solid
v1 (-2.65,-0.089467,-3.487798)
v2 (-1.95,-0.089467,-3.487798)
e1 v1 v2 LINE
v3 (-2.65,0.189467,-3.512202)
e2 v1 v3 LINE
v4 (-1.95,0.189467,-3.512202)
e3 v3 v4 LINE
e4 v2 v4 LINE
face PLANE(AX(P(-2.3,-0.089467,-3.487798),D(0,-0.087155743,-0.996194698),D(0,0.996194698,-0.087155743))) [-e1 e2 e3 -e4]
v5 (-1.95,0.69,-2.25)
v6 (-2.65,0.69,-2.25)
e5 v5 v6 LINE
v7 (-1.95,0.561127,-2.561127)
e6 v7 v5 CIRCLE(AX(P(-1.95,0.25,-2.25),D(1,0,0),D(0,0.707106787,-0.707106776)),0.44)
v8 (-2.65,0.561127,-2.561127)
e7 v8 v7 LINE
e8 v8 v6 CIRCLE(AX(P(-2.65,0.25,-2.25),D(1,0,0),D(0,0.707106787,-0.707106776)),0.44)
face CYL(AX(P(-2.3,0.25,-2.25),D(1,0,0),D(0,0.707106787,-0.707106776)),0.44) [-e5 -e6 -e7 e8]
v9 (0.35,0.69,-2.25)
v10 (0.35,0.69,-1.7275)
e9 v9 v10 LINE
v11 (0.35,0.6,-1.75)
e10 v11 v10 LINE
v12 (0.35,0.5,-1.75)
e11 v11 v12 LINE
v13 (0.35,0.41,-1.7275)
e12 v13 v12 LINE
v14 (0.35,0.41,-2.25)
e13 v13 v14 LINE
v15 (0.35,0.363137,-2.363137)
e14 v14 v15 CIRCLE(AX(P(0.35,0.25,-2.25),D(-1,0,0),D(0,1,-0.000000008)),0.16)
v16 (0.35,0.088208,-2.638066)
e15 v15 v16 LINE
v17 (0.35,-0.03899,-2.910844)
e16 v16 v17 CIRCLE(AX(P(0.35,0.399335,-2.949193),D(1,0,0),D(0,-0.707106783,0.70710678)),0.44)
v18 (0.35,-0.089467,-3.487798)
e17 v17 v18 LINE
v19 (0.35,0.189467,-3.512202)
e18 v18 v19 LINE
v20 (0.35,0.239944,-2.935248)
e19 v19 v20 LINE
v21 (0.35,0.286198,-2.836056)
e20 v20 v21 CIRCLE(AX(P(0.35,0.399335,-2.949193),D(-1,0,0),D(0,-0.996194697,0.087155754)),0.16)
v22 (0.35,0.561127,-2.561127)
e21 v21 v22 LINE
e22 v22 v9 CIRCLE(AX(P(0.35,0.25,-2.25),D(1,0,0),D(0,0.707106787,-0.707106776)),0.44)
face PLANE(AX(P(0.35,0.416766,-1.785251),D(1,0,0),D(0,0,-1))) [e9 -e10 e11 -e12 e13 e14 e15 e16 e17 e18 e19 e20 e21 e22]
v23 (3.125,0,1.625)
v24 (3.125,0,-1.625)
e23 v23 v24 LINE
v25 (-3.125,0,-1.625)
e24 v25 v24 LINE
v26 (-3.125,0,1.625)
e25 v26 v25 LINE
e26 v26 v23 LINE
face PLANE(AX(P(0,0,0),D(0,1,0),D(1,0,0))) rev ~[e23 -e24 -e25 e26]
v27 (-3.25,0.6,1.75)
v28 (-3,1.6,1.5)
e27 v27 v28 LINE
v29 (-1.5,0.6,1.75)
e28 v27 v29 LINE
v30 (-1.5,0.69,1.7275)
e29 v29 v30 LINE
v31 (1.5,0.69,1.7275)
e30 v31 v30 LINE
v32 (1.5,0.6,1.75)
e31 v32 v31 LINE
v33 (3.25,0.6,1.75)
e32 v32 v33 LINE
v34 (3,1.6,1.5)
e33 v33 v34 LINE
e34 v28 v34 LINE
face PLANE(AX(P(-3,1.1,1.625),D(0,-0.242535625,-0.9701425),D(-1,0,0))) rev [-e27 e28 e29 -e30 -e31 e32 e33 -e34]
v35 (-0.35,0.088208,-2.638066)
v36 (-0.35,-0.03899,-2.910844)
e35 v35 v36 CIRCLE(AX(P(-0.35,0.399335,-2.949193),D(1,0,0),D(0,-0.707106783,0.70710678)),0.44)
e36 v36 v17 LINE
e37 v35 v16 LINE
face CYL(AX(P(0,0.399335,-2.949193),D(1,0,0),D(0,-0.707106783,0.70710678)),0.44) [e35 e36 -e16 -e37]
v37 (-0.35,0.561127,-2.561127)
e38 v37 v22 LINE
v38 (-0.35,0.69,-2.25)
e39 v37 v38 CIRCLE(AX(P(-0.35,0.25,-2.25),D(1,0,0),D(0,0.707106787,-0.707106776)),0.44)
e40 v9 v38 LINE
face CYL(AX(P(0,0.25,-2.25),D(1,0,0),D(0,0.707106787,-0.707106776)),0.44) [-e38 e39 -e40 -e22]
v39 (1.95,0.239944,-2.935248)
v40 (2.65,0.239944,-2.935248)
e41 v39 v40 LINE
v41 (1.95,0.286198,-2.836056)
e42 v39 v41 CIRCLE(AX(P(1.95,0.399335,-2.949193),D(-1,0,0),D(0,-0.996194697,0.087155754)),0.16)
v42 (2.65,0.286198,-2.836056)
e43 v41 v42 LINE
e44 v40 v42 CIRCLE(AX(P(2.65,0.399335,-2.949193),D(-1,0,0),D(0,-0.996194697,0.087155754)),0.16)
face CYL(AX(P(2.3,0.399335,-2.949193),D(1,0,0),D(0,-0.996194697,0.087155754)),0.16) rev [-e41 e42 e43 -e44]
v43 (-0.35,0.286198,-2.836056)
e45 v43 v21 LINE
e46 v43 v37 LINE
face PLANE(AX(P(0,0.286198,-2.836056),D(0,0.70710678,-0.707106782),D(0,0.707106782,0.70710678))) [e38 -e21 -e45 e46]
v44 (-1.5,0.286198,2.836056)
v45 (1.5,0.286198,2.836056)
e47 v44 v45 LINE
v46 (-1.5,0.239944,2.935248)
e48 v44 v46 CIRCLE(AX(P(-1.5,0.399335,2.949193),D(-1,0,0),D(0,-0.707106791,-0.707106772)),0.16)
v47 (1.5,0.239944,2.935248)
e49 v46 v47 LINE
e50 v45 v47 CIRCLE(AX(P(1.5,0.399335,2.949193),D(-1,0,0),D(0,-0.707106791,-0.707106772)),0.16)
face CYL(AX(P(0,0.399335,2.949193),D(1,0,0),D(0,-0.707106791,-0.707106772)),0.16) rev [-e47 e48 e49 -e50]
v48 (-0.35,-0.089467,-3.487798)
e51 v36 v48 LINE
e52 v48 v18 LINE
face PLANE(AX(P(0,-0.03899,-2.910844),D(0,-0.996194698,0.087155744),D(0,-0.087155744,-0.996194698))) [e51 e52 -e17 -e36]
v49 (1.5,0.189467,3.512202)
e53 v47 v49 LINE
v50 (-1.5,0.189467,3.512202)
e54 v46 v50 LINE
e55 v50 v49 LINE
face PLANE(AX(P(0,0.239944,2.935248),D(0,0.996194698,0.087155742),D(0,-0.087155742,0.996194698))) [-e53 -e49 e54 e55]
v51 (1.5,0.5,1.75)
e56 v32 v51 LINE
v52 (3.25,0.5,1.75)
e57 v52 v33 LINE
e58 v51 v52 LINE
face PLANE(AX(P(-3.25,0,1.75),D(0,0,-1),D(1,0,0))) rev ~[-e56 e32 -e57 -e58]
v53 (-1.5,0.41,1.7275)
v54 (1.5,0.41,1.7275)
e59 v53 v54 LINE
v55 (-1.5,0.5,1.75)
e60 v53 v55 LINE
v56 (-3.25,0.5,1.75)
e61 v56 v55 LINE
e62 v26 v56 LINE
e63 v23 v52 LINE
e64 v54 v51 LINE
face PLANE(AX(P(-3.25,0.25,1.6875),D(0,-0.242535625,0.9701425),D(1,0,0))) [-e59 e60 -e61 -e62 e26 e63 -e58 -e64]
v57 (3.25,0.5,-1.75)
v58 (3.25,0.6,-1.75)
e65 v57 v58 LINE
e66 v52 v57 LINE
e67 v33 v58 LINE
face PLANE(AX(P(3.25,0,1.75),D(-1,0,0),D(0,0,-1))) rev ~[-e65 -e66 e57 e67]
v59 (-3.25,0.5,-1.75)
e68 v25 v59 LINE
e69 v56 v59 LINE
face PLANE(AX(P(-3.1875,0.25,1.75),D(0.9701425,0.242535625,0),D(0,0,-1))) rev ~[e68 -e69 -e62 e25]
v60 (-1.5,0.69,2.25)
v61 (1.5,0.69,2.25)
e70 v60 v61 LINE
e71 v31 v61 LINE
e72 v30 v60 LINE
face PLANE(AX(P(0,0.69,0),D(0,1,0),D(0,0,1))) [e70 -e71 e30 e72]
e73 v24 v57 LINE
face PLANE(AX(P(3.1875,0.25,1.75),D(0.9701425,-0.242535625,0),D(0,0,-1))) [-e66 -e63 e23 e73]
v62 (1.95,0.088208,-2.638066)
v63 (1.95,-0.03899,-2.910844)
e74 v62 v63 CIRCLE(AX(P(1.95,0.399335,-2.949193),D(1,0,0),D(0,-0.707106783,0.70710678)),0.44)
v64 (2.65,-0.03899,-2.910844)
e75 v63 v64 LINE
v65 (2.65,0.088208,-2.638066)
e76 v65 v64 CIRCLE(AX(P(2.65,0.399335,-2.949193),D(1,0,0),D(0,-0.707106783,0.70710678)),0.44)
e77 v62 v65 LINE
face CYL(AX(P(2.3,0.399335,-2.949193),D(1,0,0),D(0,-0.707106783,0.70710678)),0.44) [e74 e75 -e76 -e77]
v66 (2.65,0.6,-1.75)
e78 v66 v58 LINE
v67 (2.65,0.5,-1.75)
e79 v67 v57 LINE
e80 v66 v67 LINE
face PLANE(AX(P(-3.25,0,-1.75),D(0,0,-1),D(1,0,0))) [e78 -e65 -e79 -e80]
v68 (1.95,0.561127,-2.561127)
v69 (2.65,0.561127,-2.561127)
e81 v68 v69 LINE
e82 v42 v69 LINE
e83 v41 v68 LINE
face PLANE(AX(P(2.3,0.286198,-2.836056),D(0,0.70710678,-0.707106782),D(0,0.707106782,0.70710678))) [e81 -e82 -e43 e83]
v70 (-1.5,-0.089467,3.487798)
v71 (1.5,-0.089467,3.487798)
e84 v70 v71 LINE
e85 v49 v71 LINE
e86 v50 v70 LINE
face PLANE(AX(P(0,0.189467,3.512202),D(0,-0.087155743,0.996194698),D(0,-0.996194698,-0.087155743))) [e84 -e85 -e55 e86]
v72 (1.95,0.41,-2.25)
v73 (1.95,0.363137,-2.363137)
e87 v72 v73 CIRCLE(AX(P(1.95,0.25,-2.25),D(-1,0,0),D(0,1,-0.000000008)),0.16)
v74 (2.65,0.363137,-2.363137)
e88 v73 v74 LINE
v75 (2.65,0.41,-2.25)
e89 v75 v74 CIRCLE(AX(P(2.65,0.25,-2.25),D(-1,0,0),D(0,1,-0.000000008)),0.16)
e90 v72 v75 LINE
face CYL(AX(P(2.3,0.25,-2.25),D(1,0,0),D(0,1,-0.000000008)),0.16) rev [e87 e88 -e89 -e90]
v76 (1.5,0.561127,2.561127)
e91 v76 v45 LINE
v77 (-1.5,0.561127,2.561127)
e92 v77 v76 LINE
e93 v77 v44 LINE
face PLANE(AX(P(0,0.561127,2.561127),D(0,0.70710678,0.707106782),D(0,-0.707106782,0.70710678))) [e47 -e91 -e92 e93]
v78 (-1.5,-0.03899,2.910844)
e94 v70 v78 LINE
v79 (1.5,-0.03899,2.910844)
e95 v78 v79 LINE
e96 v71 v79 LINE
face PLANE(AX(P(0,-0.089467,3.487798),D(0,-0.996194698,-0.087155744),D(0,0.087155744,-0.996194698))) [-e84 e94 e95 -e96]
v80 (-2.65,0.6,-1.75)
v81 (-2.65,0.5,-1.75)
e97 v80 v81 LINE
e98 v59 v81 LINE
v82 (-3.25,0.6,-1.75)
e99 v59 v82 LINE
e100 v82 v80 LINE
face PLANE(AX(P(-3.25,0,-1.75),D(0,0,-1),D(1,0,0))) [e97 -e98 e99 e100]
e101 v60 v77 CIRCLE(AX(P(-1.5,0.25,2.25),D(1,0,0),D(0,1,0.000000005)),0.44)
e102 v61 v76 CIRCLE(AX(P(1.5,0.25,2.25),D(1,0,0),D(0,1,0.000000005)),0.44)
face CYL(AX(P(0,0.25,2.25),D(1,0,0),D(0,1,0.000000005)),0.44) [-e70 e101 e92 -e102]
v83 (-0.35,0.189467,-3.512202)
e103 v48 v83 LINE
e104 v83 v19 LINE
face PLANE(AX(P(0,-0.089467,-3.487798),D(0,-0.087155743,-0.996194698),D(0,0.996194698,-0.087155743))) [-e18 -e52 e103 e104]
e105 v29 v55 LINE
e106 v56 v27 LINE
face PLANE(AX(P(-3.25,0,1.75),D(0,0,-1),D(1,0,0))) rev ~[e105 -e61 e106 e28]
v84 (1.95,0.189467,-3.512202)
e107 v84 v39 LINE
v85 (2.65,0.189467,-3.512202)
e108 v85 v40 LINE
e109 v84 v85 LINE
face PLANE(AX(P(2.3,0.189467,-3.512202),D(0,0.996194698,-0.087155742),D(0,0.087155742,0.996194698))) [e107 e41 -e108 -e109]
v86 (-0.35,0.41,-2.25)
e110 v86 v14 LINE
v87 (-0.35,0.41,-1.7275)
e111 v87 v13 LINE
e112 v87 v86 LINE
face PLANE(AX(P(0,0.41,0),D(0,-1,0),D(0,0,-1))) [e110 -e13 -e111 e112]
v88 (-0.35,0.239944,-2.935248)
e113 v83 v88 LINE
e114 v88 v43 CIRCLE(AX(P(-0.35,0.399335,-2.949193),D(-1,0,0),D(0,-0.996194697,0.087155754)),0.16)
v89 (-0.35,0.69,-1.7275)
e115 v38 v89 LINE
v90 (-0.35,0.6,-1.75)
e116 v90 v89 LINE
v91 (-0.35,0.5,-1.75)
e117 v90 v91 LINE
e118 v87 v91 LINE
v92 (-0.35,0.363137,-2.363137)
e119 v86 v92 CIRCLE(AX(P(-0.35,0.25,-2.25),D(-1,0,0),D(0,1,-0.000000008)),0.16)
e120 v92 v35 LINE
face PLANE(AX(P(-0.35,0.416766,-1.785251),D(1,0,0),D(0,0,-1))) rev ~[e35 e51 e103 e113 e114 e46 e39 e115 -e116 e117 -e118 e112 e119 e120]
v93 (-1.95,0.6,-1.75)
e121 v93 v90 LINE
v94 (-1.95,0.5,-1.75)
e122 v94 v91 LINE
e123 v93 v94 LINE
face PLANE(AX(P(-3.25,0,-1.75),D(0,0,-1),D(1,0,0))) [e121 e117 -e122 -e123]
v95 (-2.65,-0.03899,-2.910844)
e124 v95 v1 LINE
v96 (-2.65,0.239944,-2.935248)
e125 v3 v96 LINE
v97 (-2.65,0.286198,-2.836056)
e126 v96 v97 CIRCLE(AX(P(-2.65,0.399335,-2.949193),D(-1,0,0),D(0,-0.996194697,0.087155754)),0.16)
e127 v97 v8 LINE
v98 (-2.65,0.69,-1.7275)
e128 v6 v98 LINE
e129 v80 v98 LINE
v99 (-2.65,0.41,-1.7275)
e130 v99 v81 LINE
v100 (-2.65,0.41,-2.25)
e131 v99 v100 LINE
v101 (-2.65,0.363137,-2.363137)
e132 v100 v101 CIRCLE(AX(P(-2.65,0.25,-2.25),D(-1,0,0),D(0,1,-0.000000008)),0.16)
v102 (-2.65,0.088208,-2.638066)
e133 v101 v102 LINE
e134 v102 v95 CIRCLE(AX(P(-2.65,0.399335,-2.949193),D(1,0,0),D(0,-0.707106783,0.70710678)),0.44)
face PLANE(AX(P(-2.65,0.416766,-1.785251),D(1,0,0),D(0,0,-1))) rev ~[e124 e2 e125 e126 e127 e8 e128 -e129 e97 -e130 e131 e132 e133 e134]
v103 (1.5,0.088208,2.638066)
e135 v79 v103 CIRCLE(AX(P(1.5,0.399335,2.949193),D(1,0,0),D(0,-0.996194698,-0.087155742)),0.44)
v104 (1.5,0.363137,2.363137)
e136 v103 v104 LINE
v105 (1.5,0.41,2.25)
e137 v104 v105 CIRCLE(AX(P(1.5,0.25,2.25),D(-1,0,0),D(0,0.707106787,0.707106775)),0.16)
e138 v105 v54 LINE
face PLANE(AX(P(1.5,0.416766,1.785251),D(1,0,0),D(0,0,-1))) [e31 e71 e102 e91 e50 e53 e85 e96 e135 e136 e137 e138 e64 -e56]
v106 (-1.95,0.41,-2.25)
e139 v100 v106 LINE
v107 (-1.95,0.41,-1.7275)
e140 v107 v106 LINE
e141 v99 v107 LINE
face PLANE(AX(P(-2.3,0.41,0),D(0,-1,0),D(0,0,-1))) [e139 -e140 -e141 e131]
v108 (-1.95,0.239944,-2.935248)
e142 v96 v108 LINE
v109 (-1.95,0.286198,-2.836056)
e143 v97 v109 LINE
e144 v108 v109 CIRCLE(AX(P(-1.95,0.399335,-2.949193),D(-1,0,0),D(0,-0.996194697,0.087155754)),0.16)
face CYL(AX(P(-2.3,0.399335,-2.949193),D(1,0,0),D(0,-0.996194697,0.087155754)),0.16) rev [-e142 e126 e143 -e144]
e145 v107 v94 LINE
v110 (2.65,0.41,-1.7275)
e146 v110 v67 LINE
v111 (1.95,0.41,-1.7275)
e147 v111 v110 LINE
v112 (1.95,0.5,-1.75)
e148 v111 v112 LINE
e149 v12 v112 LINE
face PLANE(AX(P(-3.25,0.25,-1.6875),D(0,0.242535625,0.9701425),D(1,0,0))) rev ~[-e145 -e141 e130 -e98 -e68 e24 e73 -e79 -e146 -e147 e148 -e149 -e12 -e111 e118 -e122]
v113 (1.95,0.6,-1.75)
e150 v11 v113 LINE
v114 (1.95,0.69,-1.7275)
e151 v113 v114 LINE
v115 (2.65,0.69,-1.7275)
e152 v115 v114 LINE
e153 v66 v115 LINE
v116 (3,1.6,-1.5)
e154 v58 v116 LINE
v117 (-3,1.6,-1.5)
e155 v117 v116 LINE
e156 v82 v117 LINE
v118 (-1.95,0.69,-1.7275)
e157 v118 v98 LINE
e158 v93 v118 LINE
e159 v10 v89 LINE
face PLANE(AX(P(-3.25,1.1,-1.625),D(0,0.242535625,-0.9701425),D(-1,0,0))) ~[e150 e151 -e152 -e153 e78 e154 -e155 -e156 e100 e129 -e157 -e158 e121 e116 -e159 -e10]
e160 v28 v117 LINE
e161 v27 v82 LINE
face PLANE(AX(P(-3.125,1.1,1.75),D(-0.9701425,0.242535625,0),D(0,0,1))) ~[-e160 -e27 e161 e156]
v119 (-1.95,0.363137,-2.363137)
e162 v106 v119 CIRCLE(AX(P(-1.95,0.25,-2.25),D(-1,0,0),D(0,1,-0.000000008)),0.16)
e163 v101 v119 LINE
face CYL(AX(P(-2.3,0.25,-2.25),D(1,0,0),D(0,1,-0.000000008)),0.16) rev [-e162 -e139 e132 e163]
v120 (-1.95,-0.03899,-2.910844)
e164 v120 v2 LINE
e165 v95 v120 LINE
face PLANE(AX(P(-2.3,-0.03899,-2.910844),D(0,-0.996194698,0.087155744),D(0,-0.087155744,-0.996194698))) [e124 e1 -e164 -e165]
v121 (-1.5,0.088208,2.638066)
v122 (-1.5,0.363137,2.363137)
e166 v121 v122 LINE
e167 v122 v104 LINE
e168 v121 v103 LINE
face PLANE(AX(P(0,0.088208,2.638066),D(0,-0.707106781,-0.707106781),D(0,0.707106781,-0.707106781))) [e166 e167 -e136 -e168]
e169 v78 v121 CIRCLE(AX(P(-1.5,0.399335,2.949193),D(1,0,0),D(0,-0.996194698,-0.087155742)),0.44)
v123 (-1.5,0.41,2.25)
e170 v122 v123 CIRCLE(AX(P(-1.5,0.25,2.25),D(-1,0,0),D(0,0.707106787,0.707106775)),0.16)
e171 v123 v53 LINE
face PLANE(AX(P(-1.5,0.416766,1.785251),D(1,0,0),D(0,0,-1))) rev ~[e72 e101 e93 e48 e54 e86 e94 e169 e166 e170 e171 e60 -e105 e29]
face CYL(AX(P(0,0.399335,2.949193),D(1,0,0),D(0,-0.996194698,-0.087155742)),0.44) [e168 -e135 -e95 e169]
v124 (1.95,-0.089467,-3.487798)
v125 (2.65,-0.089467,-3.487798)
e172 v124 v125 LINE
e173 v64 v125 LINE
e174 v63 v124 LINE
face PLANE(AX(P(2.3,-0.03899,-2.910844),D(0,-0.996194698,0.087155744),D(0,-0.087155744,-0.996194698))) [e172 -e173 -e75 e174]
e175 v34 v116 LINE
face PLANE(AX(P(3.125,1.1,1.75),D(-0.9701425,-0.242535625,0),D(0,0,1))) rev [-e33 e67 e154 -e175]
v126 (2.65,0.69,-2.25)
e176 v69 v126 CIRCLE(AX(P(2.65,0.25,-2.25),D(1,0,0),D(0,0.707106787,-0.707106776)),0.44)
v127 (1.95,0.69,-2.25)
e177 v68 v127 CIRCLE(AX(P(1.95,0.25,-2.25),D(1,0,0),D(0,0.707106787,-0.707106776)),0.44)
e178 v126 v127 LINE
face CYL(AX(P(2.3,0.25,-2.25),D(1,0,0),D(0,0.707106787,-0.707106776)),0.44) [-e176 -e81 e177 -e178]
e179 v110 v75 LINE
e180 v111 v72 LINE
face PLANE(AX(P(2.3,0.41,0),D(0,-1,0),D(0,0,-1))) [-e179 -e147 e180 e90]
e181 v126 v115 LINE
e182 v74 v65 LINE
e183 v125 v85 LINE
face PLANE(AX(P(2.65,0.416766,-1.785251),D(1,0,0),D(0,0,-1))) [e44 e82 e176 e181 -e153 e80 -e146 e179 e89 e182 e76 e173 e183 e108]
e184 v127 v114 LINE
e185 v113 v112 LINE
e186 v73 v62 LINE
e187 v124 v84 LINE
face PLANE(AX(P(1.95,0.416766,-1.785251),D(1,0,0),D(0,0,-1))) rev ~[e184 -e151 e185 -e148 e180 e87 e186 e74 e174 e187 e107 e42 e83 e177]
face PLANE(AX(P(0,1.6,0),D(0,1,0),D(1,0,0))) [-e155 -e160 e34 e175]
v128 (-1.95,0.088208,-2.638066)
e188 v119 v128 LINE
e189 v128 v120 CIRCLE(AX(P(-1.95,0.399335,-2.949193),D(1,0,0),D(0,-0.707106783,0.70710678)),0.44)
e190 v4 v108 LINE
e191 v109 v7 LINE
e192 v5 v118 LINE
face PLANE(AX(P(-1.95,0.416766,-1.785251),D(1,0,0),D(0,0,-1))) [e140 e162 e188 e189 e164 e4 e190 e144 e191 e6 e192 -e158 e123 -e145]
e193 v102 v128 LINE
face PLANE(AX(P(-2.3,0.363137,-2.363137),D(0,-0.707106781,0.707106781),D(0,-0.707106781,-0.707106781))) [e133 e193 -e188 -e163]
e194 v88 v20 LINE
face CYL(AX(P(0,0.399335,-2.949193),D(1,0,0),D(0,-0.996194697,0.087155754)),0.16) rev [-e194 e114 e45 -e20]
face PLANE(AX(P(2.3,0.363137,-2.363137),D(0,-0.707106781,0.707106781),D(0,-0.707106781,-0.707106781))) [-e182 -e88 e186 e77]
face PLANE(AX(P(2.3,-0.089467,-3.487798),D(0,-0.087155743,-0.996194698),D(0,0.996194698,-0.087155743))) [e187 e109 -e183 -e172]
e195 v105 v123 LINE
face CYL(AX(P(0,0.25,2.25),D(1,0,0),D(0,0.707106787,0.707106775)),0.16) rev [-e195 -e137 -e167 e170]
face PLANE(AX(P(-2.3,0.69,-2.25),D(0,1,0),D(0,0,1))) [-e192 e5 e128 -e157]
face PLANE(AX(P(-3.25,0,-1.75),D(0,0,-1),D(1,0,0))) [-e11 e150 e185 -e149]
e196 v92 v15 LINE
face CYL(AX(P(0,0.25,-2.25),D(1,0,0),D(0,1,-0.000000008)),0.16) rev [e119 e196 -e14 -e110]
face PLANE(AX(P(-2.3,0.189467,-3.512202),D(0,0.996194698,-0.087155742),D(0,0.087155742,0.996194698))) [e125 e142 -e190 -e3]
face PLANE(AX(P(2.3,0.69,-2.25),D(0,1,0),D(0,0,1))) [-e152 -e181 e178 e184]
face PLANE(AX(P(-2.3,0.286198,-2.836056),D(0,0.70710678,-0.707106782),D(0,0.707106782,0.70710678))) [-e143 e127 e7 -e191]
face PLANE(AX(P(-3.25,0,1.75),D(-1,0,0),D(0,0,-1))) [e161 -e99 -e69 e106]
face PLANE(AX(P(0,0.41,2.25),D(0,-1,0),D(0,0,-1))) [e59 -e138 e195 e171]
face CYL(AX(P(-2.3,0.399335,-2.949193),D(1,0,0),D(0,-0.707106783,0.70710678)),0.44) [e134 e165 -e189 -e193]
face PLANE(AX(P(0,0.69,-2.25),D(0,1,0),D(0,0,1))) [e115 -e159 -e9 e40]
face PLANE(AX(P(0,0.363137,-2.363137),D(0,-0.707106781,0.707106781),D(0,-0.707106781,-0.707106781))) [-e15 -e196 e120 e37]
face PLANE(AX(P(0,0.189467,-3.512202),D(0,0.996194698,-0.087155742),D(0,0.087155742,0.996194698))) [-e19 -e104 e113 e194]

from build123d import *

# Parameters (mm, degrees)
SKETCH1_W             = 6.5
SKETCH1_H             = 3.5
BOSS_EXTRUDE1_DEPTH   = 1.6
CHAMFER1_SIZE         = 1
CHAMFER1_SIZE2        = 0.25
CHAMFER1_PART_2_SIZE  = 1
CHAMFER1_PART_2_SIZE2 = 0.25
CHAMFER1_PART_3_SIZE  = 1
CHAMFER1_PART_3_SIZE2 = 0.25
CHAMFER1_PART_4_SIZE  = 1
CHAMFER1_PART_4_SIZE2 = 0.25
CHAMFER2_SIZE         = 0.125
CHAMFER2_SIZE2        = 0.5
EXTRUDE_THIN1_DEPTH   = 1.5
EXTRUDE_THIN2_DEPTH   = 0.35
LPATTERN1_COUNT       = 3
LPATTERN1_PITCH       = 2.3


with BuildPart() as part:
    # Sketch1 → Boss-Extrude1 (new body)
    with BuildSketch(Plane(origin=(0, 0, 0), x_dir=(1, 0, 0), z_dir=(0, 1, 0))):
        Rectangle(SKETCH1_W, SKETCH1_H)
    extrude(amount=BOSS_EXTRUDE1_DEPTH)

    # Chamfer1
    chamfer1_edges = [part.edges().sort_by_distance(p)[0] for p in [
        (3.25, 1.6, 0),
    ]]
    chamfer1_side = [part.faces().sort_by_distance(p)[0] for p in [
        (3.25, 0.8, 0),
    ]]
    chamfer(chamfer1_edges, length=CHAMFER1_SIZE, length2=CHAMFER1_SIZE2, reference=chamfer1_side[0])

    # Chamfer1 part 2
    chamfer1_part_2_edges = [part.edges().sort_by_distance(p)[0] for p in [
        (0, 1.6, -1.75),
    ]]
    chamfer1_part_2_side = [part.faces().sort_by_distance(p)[0] for p in [
        (0, 0.8, -1.75),
    ]]
    chamfer(chamfer1_part_2_edges, length=CHAMFER1_PART_2_SIZE, length2=CHAMFER1_PART_2_SIZE2, reference=chamfer1_part_2_side[0])

    # Chamfer1 part 3
    chamfer1_part_3_edges = [part.edges().sort_by_distance(p)[0] for p in [
        (-3.25, 1.6, 0),
    ]]
    chamfer1_part_3_side = [part.faces().sort_by_distance(p)[0] for p in [
        (-3.25, 0.8, 0),
    ]]
    chamfer(chamfer1_part_3_edges, length=CHAMFER1_PART_3_SIZE, length2=CHAMFER1_PART_3_SIZE2, reference=chamfer1_part_3_side[0])

    # Chamfer1 part 4
    chamfer1_part_4_edges = [part.edges().sort_by_distance(p)[0] for p in [
        (0, 1.6, 1.75),
    ]]
    chamfer1_part_4_side = [part.faces().sort_by_distance(p)[0] for p in [
        (0, 0.8, 1.75),
    ]]
    chamfer(chamfer1_part_4_edges, length=CHAMFER1_PART_4_SIZE, length2=CHAMFER1_PART_4_SIZE2, reference=chamfer1_part_4_side[0])

    # Chamfer2
    chamfer2_edges = [part.edges().sort_by_distance(p)[0] for p in [
        (0, 0, -1.75),
        (3.25, 0, 0),
        (0, 0, 1.75),
        (-3.25, 0, 0),
    ]]
    chamfer2_side = [part.faces().sort_by_distance(p)[0] for p in [
        (0, 0, 0),
    ]]
    chamfer(chamfer2_edges, length=CHAMFER2_SIZE, length2=CHAMFER2_SIZE2, reference=chamfer2_side[0])

    # Sketch2 → Extrude-Thin1 (add, symmetric)
    with BuildSketch(Plane(origin=(0, 0, 0), x_dir=(0, 0, -1), z_dir=(1, 0, 0))):
        with BuildLine():
            Line((0, 0.69), (-2.25, 0.69))
            ThreePointArc((-2.25, 0.69), (-2.41838071, 0.656506994), (-2.561126984, 0.561126984))
            Line((-2.561126984, 0.561126984), (-2.836055715, 0.286198252))
            ThreePointArc((-2.836055715, 0.286198252), (-2.881573879, 0.254326091), (-2.935247882, 0.239944185))
            Line((-2.935247882, 0.239944185), (-3.512201804, 0.189467258))
            Line((-3.512201804, 0.189467258), (-3.487798196, -0.089467258))
            Line((-3.487798196, -0.089467258), (-2.910844274, -0.03899033))
            ThreePointArc((-2.910844274, -0.03899033), (-2.763240765, 0.000559911), (-2.638065817, 0.088208353))
            Line((-2.638065817, 0.088208353), (-2.363137085, 0.363137085))
            ThreePointArc((-2.363137085, 0.363137085), (-2.311229349, 0.397820725), (-2.25, 0.41))
            Line((-2.25, 0.41), (0, 0.41))
            Line((0, 0.41), (0, 0.69))
        make_face()
    extrude(amount=EXTRUDE_THIN1_DEPTH, both=True)

    # Sketch3 → Extrude-Thin2 (add, symmetric)
    with BuildSketch(Plane(origin=(2.3, 0, 0), x_dir=(0, 0, -1), z_dir=(1, 0, 0))):
        with BuildLine():
            Line((0, 0.41), (2.25, 0.41))
            ThreePointArc((2.25, 0.41), (2.311229349, 0.397820725), (2.363137085, 0.363137085))
            Line((2.363137085, 0.363137085), (2.638065817, 0.088208353))
            ThreePointArc((2.638065817, 0.088208353), (2.763240765, 0.000559911), (2.910844274, -0.03899033))
            Line((2.910844274, -0.03899033), (3.487798196, -0.089467258))
            Line((3.487798196, -0.089467258), (3.512201804, 0.189467258))
            Line((3.512201804, 0.189467258), (2.935247882, 0.239944185))
            ThreePointArc((2.935247882, 0.239944185), (2.881573879, 0.254326091), (2.836055715, 0.286198252))
            Line((2.836055715, 0.286198252), (2.561126984, 0.561126984))
            ThreePointArc((2.561126984, 0.561126984), (2.41838071, 0.656506994), (2.25, 0.69))
            Line((2.25, 0.69), (0, 0.69))
            Line((0, 0.69), (0, 0.41))
        make_face()
    extrude_thin2 = extrude(amount=EXTRUDE_THIN2_DEPTH, both=True)

    # LPattern1: Extrude-Thin2 ×3
    with Locations(*[(-i * LPATTERN1_PITCH, 0, 0) for i in range(1, LPATTERN1_COUNT)]):
        add(extrude_thin2)


solid = part.part
